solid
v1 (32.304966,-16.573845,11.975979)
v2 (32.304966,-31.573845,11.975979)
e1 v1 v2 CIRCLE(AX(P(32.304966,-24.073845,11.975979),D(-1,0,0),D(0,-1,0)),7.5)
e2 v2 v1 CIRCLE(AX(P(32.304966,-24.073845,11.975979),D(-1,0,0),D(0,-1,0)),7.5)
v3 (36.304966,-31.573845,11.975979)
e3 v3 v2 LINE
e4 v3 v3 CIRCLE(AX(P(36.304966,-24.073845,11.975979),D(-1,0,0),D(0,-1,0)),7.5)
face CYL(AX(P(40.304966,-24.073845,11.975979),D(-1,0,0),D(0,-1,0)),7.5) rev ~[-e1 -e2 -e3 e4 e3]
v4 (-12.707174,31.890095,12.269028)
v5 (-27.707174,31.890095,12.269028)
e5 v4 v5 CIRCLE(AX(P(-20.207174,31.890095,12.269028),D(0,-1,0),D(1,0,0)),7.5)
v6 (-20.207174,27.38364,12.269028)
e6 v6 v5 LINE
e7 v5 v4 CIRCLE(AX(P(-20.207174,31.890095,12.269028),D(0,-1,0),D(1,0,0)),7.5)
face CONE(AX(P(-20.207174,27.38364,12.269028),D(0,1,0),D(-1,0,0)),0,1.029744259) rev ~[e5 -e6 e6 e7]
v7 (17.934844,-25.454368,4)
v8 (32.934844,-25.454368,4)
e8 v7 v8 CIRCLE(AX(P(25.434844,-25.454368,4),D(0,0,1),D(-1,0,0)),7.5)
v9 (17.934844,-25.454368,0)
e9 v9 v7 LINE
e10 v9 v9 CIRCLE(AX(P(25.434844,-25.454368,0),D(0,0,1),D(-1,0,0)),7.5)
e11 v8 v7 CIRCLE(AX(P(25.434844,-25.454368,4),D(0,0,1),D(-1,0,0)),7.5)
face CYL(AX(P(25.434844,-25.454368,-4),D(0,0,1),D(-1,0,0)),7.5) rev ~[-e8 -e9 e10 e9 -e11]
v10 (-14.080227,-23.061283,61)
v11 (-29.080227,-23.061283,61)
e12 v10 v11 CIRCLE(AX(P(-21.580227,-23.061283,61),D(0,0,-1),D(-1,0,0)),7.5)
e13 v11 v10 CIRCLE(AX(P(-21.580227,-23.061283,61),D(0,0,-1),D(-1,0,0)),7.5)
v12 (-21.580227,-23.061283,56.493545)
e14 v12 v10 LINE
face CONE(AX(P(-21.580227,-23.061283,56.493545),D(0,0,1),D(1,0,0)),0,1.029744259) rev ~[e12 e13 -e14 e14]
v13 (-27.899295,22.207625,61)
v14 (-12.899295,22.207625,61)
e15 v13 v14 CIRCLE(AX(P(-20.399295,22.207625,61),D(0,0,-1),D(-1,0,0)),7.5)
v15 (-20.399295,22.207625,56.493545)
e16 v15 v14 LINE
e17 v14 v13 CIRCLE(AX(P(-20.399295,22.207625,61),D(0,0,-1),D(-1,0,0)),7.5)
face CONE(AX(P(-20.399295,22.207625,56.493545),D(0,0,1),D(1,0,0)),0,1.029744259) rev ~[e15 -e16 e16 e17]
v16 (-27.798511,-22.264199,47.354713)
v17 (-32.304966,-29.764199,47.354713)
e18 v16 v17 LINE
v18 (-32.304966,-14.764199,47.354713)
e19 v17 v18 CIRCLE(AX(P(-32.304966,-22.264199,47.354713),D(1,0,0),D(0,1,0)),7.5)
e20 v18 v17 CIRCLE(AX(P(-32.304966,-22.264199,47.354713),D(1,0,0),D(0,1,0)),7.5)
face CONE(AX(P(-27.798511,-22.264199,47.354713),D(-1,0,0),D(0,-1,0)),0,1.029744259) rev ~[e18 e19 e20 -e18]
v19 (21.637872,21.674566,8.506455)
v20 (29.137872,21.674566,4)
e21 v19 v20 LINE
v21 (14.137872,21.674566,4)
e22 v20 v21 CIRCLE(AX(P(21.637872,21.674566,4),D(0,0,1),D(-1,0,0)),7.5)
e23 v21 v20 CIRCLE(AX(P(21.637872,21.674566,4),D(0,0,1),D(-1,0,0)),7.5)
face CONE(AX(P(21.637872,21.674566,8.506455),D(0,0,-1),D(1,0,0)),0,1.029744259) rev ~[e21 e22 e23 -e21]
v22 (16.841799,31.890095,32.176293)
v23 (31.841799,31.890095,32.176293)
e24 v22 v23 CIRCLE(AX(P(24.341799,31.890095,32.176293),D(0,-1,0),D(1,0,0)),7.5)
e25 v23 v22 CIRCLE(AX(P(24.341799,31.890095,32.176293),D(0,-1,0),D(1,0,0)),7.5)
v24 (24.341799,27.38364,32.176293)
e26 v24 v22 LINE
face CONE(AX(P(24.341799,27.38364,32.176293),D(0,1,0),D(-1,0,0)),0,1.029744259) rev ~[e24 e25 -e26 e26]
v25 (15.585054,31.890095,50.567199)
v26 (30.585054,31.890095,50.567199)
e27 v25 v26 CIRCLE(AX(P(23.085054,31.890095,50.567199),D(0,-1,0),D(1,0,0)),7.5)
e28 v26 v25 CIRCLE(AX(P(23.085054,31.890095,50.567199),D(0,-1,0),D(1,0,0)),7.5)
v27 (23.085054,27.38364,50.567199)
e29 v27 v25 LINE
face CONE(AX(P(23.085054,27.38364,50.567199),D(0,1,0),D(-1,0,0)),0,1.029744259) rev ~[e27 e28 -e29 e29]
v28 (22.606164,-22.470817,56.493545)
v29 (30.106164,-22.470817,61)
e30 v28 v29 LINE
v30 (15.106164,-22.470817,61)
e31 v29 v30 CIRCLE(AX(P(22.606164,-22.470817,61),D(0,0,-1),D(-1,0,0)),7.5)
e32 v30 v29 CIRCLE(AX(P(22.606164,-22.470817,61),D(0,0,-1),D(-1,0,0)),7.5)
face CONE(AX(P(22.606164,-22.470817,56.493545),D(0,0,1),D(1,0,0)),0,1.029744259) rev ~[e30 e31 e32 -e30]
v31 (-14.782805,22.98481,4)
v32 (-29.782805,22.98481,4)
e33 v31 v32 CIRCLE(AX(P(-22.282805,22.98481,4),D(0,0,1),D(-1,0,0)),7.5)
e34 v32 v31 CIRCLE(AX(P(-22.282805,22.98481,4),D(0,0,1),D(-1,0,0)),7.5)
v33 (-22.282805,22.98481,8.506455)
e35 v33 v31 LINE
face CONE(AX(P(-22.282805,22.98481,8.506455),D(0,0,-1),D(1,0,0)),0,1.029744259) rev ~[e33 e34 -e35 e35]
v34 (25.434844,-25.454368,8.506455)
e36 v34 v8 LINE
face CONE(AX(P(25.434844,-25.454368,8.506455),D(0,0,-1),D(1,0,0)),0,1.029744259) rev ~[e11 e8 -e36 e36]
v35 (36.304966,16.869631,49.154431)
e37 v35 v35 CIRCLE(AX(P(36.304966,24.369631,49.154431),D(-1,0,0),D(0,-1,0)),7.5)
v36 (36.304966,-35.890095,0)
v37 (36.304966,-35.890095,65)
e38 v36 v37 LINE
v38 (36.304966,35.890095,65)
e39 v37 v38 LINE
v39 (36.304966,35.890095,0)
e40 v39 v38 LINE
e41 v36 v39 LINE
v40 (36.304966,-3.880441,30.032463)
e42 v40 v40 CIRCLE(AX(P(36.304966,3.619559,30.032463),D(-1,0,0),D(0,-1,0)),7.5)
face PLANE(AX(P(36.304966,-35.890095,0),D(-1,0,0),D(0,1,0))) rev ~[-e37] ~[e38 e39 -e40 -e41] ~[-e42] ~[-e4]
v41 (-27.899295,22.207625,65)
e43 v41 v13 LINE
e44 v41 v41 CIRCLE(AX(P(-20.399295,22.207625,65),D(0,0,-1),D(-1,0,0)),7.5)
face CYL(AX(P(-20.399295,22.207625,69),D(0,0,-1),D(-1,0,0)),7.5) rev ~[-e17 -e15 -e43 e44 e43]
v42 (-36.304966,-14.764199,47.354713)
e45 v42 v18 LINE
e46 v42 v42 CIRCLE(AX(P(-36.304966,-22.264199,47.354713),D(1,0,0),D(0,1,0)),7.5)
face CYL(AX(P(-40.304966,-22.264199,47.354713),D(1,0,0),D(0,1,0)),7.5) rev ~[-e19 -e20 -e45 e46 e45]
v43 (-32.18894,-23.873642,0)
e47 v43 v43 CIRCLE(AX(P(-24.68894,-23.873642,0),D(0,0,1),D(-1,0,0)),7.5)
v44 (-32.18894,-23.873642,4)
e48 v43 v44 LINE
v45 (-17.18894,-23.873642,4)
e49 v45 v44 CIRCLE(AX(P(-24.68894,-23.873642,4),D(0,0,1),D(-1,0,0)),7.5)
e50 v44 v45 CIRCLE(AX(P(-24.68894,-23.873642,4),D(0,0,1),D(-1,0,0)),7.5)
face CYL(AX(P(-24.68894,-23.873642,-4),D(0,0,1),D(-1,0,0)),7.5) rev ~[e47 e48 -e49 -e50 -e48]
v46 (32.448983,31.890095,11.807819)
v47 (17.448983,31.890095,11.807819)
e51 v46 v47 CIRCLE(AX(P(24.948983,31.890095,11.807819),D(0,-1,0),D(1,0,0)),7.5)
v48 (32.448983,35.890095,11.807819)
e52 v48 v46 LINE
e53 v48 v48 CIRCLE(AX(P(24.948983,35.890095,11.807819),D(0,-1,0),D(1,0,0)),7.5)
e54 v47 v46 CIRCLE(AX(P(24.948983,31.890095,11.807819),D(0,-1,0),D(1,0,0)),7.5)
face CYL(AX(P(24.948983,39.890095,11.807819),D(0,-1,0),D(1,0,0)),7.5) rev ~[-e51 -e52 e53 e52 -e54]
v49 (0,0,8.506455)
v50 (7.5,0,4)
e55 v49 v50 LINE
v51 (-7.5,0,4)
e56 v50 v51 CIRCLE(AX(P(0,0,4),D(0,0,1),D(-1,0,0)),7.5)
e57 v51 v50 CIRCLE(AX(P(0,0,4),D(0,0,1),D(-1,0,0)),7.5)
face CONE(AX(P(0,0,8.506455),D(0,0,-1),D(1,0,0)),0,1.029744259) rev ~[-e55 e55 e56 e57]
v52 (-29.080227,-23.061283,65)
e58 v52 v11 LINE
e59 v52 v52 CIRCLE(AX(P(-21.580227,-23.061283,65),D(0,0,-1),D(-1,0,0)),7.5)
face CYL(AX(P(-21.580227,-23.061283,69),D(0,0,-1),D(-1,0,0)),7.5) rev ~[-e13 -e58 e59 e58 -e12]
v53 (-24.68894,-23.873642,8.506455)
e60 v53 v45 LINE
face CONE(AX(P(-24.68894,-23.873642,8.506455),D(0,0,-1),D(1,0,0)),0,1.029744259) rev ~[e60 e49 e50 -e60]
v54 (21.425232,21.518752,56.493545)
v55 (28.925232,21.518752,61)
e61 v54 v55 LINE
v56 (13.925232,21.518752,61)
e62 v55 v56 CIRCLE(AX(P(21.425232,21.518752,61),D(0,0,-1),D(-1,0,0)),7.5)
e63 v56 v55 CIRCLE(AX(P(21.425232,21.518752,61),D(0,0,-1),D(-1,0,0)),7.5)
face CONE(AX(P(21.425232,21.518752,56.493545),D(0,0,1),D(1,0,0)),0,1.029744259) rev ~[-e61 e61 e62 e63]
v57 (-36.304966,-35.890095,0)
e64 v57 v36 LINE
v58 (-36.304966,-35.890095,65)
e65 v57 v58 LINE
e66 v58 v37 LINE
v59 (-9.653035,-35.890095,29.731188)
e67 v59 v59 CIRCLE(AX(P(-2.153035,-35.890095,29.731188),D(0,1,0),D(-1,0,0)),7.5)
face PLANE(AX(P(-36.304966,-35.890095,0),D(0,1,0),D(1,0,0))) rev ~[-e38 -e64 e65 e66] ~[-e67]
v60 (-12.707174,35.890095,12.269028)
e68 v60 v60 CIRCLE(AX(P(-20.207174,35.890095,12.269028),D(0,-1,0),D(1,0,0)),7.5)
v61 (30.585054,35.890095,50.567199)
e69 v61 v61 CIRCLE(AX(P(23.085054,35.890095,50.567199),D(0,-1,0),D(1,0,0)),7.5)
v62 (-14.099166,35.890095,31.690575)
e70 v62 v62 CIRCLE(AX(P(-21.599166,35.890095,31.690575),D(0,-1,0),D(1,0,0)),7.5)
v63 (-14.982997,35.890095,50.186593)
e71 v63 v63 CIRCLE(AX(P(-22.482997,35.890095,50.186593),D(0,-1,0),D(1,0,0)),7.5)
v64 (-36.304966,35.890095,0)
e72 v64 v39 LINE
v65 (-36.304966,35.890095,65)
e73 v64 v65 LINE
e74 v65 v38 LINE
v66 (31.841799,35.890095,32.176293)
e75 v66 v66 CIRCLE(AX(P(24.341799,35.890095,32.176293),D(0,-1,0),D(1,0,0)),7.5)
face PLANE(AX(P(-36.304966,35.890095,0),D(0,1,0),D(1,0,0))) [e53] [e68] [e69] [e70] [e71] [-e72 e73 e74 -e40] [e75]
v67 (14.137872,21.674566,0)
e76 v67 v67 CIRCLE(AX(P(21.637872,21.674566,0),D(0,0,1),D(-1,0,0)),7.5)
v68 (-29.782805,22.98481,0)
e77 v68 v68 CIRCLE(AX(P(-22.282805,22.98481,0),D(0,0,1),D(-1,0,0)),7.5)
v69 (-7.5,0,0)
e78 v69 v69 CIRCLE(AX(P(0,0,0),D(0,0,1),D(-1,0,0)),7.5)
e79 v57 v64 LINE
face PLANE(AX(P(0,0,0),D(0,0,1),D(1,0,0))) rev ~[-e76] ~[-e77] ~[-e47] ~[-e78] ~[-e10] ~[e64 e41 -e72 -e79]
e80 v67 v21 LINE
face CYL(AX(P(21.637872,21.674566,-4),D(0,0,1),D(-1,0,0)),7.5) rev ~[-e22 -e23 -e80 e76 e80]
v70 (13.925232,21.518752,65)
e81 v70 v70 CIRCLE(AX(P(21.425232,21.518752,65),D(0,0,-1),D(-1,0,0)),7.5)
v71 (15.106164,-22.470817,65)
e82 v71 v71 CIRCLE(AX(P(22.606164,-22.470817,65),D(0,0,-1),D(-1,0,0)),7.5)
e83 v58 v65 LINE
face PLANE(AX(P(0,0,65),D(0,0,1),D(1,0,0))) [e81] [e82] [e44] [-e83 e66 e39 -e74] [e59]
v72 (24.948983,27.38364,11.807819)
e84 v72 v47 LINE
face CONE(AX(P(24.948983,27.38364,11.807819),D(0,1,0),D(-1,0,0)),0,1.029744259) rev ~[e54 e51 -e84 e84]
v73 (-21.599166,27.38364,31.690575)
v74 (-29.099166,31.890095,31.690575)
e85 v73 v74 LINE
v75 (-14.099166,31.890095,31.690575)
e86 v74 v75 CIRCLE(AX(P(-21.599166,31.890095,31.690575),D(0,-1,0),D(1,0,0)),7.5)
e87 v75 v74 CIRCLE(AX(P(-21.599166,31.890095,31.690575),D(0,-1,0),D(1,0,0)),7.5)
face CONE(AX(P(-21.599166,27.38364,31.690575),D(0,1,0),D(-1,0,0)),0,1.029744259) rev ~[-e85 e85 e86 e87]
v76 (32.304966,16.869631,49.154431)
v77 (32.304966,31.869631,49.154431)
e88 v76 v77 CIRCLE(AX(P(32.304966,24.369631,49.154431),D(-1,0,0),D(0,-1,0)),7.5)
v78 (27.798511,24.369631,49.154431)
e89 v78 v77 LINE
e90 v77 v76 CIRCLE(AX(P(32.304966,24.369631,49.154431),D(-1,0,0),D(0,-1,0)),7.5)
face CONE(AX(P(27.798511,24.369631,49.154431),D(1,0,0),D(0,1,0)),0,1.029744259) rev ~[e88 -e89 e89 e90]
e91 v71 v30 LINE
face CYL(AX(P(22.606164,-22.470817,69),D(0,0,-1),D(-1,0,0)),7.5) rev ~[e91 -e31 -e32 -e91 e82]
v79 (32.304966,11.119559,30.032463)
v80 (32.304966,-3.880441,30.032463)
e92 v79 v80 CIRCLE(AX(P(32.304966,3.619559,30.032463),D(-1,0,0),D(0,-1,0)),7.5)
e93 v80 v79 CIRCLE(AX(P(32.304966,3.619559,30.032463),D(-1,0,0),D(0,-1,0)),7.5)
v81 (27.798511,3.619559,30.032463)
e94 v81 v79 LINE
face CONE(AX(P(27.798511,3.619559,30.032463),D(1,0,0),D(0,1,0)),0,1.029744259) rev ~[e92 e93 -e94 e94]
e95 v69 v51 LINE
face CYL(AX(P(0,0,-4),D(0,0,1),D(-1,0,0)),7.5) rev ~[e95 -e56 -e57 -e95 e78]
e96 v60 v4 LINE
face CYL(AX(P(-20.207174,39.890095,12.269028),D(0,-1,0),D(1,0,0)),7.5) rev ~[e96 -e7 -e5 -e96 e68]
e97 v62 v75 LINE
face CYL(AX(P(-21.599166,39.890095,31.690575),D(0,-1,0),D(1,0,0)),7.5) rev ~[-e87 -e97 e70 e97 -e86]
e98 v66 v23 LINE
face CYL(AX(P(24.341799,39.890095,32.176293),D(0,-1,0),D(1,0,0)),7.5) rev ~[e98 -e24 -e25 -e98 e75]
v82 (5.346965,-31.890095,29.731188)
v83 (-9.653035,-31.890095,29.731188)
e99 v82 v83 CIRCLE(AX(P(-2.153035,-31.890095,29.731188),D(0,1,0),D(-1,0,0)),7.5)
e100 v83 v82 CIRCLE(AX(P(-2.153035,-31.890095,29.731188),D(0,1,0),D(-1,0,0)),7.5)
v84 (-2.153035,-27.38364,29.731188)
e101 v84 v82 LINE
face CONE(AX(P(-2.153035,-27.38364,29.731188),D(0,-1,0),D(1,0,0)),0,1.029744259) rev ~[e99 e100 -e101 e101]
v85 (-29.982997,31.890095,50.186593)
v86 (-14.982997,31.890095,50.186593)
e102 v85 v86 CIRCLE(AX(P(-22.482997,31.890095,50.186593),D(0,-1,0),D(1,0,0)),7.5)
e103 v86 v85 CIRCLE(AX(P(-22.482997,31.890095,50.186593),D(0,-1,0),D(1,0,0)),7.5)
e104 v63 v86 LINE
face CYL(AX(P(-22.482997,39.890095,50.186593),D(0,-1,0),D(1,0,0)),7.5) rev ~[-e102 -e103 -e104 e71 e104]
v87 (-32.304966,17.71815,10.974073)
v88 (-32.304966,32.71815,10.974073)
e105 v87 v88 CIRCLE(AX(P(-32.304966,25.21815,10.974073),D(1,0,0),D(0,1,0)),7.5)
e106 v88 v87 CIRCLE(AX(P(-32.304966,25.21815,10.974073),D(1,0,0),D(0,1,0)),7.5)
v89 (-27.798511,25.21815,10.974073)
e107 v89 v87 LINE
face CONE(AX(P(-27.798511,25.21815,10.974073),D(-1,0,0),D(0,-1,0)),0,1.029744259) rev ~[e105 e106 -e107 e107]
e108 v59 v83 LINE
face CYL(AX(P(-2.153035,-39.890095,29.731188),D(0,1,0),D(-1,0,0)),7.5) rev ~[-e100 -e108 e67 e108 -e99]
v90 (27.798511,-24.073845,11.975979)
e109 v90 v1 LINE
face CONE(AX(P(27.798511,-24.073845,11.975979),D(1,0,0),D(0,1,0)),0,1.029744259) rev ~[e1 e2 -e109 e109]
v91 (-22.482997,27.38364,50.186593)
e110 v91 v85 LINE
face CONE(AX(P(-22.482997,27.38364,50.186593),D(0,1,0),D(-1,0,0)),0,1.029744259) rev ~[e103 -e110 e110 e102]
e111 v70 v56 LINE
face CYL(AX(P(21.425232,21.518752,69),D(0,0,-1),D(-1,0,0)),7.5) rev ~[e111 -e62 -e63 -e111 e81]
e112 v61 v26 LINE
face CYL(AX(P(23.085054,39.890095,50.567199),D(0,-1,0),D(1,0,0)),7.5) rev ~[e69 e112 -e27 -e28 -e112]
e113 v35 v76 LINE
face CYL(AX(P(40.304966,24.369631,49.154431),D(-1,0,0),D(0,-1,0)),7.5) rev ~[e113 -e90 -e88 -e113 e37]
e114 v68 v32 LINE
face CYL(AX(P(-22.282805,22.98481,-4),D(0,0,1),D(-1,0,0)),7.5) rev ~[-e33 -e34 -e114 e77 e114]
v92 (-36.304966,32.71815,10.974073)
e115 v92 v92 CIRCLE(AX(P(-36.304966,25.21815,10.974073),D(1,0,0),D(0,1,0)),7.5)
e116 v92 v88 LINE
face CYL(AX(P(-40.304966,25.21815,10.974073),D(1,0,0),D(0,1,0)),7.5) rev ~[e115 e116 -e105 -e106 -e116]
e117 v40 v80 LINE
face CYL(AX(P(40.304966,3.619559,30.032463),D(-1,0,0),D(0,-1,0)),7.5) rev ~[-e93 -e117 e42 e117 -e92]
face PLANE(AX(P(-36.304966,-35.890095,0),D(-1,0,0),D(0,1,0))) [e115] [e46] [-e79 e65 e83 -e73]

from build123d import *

# Parameters (mm, degrees)
F0_W      = 72.6099312305
F0_H      = 71.7801898718
F1_DEPTH  = 65
F3_D      = 15
F3_DEPTH  = 4
F3_TIP    = 4.5064546427
F6_D      = 15
F6_DEPTH  = 4
F6_TIP    = 4.5064546427
F7_D      = 15
F7_DEPTH  = 4
F7_TIP    = 4.5064546427
F12_D     = 15
F12_DEPTH = 4
F12_TIP   = 4.5064546427
F13_D     = 15
F13_DEPTH = 4
F13_TIP   = 4.5064546427
F14_D     = 15
F14_DEPTH = 4
F14_TIP   = 4.5064546427
F15_D     = 15
F15_DEPTH = 4
F15_TIP   = 4.5064546427
F22_D     = 15
F22_DEPTH = 4
F22_TIP   = 4.5064546427
F23_D     = 15
F23_DEPTH = 4
F23_TIP   = 4.5064546427
F24_D     = 15
F24_DEPTH = 4
F24_TIP   = 4.5064546427
F25_D     = 15
F25_DEPTH = 4
F25_TIP   = 4.5064546427
F26_D     = 15
F26_DEPTH = 4
F26_TIP   = 4.5064546427
F27_D     = 15
F27_DEPTH = 4
F27_TIP   = 4.5064546427
F31_D     = 15
F31_DEPTH = 4
F31_TIP   = 4.5064546427
F32_D     = 15
F32_DEPTH = 4
F32_TIP   = 4.5064546427
F33_D     = 15
F33_DEPTH = 4
F33_TIP   = 4.5064546427
F37_D     = 15
F37_DEPTH = 4
F37_TIP   = 4.5064546427
F38_D     = 15
F38_DEPTH = 4
F38_TIP   = 4.5064546427
F41_D     = 15
F41_DEPTH = 4
F41_TIP   = 4.5064546427
F42_D     = 15
F42_DEPTH = 4
F42_TIP   = 4.5064546427
F43_D     = 15
F43_DEPTH = 4
F43_TIP   = 4.5064546427


with BuildPart() as f1:
    # F0 (on Top) → F1 (new body)
    with BuildSketch(Plane.XY):
        Rectangle(F0_W, F0_H)
    extrude(amount=F1_DEPTH)

    # F3
    with Locations(Plane.XZ.offset(35.8900949359)):
        with Locations((-2.1530347876, 29.7311879694)):
            Hole(F3_D / 2, depth=F3_DEPTH)
            with Locations((0, 0, -(F3_DEPTH + F3_TIP / 2))):  # 118° drill point
                Cone(0, F3_D / 2, F3_TIP, mode=Mode.SUBTRACT)

    # F6
    with Locations(Plane(origin=(-36.3049656153, 0, 0), x_dir=(0, -1, 0), z_dir=(-1, 0, 0))):
        with Locations((22.2641993314, 47.3547130823)):
            Hole(F6_D / 2, depth=F6_DEPTH)
            with Locations((0, 0, -(F6_DEPTH + F6_TIP / 2))):  # 118° drill point
                Cone(0, F6_D / 2, F6_TIP, mode=Mode.SUBTRACT)

    # F7
    with Locations(Plane(origin=(-36.3049656153, 0, 0), x_dir=(0, -1, 0), z_dir=(-1, 0, 0))):
        with Locations((-25.2181496471, 10.9740728512)):
            Hole(F7_D / 2, depth=F7_DEPTH)
            with Locations((0, 0, -(F7_DEPTH + F7_TIP / 2))):  # 118° drill point
                Cone(0, F7_D / 2, F7_TIP, mode=Mode.SUBTRACT)

    # F12
    with Locations(Plane.XY.offset(65)):
        with Locations((-20.3992947936, 22.2076252103)):
            Hole(F12_D / 2, depth=F12_DEPTH)
            with Locations((0, 0, -(F12_DEPTH + F12_TIP / 2))):  # 118° drill point
                Cone(0, F12_D / 2, F12_TIP, mode=Mode.SUBTRACT)

    # F13
    with Locations(Plane.XY.offset(65)):
        with Locations((21.4252322912, 21.5187519789)):
            Hole(F13_D / 2, depth=F13_DEPTH)
            with Locations((0, 0, -(F13_DEPTH + F13_TIP / 2))):  # 118° drill point
                Cone(0, F13_D / 2, F13_TIP, mode=Mode.SUBTRACT)

    # F14
    with Locations(Plane.XY.offset(65)):
        with Locations((-21.5802267194, -23.0612829328)):
            Hole(F14_D / 2, depth=F14_DEPTH)
            with Locations((0, 0, -(F14_DEPTH + F14_TIP / 2))):  # 118° drill point
                Cone(0, F14_D / 2, F14_TIP, mode=Mode.SUBTRACT)

    # F15
    with Locations(Plane.XY.offset(65)):
        with Locations((22.606164217, -22.4708169699)):
            Hole(F15_D / 2, depth=F15_DEPTH)
            with Locations((0, 0, -(F15_DEPTH + F15_TIP / 2))):  # 118° drill point
                Cone(0, F15_D / 2, F15_TIP, mode=Mode.SUBTRACT)

    # F22
    with Locations(Plane(origin=(0, 35.8900949359, 0), x_dir=(-1, 0, 0), z_dir=(0, 1, 0))):
        with Locations((-23.0850540102, 50.5671985447)):
            Hole(F22_D / 2, depth=F22_DEPTH)
            with Locations((0, 0, -(F22_DEPTH + F22_TIP / 2))):  # 118° drill point
                Cone(0, F22_D / 2, F22_TIP, mode=Mode.SUBTRACT)

    # F23
    with Locations(Plane(origin=(0, 35.8900949359, 0), x_dir=(-1, 0, 0), z_dir=(0, 1, 0))):
        with Locations((-24.3417993188, 32.1762934327)):
            Hole(F23_D / 2, depth=F23_DEPTH)
            with Locations((0, 0, -(F23_DEPTH + F23_TIP / 2))):  # 118° drill point
                Cone(0, F23_D / 2, F23_TIP, mode=Mode.SUBTRACT)

    # F24
    with Locations(Plane(origin=(0, 35.8900949359, 0), x_dir=(-1, 0, 0), z_dir=(0, 1, 0))):
        with Locations((-24.9489825219, 11.8078188971)):
            Hole(F24_D / 2, depth=F24_DEPTH)
            with Locations((0, 0, -(F24_DEPTH + F24_TIP / 2))):  # 118° drill point
                Cone(0, F24_D / 2, F24_TIP, mode=Mode.SUBTRACT)

    # F25
    with Locations(Plane(origin=(0, 35.8900949359, 0), x_dir=(-1, 0, 0), z_dir=(0, 1, 0))):
        with Locations((22.4829968065, 50.1865930855)):
            Hole(F25_D / 2, depth=F25_DEPTH)
            with Locations((0, 0, -(F25_DEPTH + F25_TIP / 2))):  # 118° drill point
                Cone(0, F25_D / 2, F25_TIP, mode=Mode.SUBTRACT)

    # F26
    with Locations(Plane(origin=(0, 35.8900949359, 0), x_dir=(-1, 0, 0), z_dir=(0, 1, 0))):
        with Locations((21.5991660953, 31.6905751824)):
            Hole(F26_D / 2, depth=F26_DEPTH)
            with Locations((0, 0, -(F26_DEPTH + F26_TIP / 2))):  # 118° drill point
                Cone(0, F26_D / 2, F26_TIP, mode=Mode.SUBTRACT)

    # F27
    with Locations(Plane(origin=(0, 35.8900949359, 0), x_dir=(-1, 0, 0), z_dir=(0, 1, 0))):
        with Locations((20.2071741223, 12.2690275311)):
            Hole(F27_D / 2, depth=F27_DEPTH)
            with Locations((0, 0, -(F27_DEPTH + F27_TIP / 2))):  # 118° drill point
                Cone(0, F27_D / 2, F27_TIP, mode=Mode.SUBTRACT)

    # F31
    with Locations(Plane.YZ.offset(36.3049656153)):
        with Locations((24.3696309626, 49.1544306278)):
            Hole(F31_D / 2, depth=F31_DEPTH)
            with Locations((0, 0, -(F31_DEPTH + F31_TIP / 2))):  # 118° drill point
                Cone(0, F31_D / 2, F31_TIP, mode=Mode.SUBTRACT)

    # F32
    with Locations(Plane.YZ.offset(36.3049656153)):
        with Locations((3.6195591092, 30.0324633718)):
            Hole(F32_D / 2, depth=F32_DEPTH)
            with Locations((0, 0, -(F32_DEPTH + F32_TIP / 2))):  # 118° drill point
                Cone(0, F32_D / 2, F32_TIP, mode=Mode.SUBTRACT)

    # F33
    with Locations(Plane.YZ.offset(36.3049656153)):
        with Locations((-24.0738447756, 11.9759794325)):
            Hole(F33_D / 2, depth=F33_DEPTH)
            with Locations((0, 0, -(F33_DEPTH + F33_TIP / 2))):  # 118° drill point
                Cone(0, F33_D / 2, F33_TIP, mode=Mode.SUBTRACT)

    # F37
    with Locations(Plane(origin=(0, 0, 0), x_dir=(1, 0, 0), z_dir=(0, 0, -1))):
        with Locations((-24.6889404953, 23.873642087)):
            Hole(F37_D / 2, depth=F37_DEPTH)
            with Locations((0, 0, -(F37_DEPTH + F37_TIP / 2))):  # 118° drill point
                Cone(0, F37_D / 2, F37_TIP, mode=Mode.SUBTRACT)

    # F38
    with Locations(Plane(origin=(0, 0, 0), x_dir=(1, 0, 0), z_dir=(0, 0, -1))):
        with Locations((0, 0)):
            Hole(F38_D / 2, depth=F38_DEPTH)
            with Locations((0, 0, -(F38_DEPTH + F38_TIP / 2))):  # 118° drill point
                Cone(0, F38_D / 2, F38_TIP, mode=Mode.SUBTRACT)

    # F41
    with Locations(Plane(origin=(0, 0, 0), x_dir=(1, 0, 0), z_dir=(0, 0, -1))):
        with Locations((25.4348441958, 25.4543684423)):
            Hole(F41_D / 2, depth=F41_DEPTH)
            with Locations((0, 0, -(F41_DEPTH + F41_TIP / 2))):  # 118° drill point
                Cone(0, F41_D / 2, F41_TIP, mode=Mode.SUBTRACT)

    # F42
    with Locations(Plane(origin=(0, 0, 0), x_dir=(1, 0, 0), z_dir=(0, 0, -1))):
        with Locations((-22.2828052938, -22.9848101735)):
            Hole(F42_D / 2, depth=F42_DEPTH)
            with Locations((0, 0, -(F42_DEPTH + F42_TIP / 2))):  # 118° drill point
                Cone(0, F42_D / 2, F42_TIP, mode=Mode.SUBTRACT)

    # F43
    with Locations(Plane(origin=(0, 0, 0), x_dir=(1, 0, 0), z_dir=(0, 0, -1))):
        with Locations((21.6378718615, -21.6745659709)):
            Hole(F43_D / 2, depth=F43_DEPTH)
            with Locations((0, 0, -(F43_DEPTH + F43_TIP / 2))):  # 118° drill point
                Cone(0, F43_D / 2, F43_TIP, mode=Mode.SUBTRACT)


solid = f1.part
